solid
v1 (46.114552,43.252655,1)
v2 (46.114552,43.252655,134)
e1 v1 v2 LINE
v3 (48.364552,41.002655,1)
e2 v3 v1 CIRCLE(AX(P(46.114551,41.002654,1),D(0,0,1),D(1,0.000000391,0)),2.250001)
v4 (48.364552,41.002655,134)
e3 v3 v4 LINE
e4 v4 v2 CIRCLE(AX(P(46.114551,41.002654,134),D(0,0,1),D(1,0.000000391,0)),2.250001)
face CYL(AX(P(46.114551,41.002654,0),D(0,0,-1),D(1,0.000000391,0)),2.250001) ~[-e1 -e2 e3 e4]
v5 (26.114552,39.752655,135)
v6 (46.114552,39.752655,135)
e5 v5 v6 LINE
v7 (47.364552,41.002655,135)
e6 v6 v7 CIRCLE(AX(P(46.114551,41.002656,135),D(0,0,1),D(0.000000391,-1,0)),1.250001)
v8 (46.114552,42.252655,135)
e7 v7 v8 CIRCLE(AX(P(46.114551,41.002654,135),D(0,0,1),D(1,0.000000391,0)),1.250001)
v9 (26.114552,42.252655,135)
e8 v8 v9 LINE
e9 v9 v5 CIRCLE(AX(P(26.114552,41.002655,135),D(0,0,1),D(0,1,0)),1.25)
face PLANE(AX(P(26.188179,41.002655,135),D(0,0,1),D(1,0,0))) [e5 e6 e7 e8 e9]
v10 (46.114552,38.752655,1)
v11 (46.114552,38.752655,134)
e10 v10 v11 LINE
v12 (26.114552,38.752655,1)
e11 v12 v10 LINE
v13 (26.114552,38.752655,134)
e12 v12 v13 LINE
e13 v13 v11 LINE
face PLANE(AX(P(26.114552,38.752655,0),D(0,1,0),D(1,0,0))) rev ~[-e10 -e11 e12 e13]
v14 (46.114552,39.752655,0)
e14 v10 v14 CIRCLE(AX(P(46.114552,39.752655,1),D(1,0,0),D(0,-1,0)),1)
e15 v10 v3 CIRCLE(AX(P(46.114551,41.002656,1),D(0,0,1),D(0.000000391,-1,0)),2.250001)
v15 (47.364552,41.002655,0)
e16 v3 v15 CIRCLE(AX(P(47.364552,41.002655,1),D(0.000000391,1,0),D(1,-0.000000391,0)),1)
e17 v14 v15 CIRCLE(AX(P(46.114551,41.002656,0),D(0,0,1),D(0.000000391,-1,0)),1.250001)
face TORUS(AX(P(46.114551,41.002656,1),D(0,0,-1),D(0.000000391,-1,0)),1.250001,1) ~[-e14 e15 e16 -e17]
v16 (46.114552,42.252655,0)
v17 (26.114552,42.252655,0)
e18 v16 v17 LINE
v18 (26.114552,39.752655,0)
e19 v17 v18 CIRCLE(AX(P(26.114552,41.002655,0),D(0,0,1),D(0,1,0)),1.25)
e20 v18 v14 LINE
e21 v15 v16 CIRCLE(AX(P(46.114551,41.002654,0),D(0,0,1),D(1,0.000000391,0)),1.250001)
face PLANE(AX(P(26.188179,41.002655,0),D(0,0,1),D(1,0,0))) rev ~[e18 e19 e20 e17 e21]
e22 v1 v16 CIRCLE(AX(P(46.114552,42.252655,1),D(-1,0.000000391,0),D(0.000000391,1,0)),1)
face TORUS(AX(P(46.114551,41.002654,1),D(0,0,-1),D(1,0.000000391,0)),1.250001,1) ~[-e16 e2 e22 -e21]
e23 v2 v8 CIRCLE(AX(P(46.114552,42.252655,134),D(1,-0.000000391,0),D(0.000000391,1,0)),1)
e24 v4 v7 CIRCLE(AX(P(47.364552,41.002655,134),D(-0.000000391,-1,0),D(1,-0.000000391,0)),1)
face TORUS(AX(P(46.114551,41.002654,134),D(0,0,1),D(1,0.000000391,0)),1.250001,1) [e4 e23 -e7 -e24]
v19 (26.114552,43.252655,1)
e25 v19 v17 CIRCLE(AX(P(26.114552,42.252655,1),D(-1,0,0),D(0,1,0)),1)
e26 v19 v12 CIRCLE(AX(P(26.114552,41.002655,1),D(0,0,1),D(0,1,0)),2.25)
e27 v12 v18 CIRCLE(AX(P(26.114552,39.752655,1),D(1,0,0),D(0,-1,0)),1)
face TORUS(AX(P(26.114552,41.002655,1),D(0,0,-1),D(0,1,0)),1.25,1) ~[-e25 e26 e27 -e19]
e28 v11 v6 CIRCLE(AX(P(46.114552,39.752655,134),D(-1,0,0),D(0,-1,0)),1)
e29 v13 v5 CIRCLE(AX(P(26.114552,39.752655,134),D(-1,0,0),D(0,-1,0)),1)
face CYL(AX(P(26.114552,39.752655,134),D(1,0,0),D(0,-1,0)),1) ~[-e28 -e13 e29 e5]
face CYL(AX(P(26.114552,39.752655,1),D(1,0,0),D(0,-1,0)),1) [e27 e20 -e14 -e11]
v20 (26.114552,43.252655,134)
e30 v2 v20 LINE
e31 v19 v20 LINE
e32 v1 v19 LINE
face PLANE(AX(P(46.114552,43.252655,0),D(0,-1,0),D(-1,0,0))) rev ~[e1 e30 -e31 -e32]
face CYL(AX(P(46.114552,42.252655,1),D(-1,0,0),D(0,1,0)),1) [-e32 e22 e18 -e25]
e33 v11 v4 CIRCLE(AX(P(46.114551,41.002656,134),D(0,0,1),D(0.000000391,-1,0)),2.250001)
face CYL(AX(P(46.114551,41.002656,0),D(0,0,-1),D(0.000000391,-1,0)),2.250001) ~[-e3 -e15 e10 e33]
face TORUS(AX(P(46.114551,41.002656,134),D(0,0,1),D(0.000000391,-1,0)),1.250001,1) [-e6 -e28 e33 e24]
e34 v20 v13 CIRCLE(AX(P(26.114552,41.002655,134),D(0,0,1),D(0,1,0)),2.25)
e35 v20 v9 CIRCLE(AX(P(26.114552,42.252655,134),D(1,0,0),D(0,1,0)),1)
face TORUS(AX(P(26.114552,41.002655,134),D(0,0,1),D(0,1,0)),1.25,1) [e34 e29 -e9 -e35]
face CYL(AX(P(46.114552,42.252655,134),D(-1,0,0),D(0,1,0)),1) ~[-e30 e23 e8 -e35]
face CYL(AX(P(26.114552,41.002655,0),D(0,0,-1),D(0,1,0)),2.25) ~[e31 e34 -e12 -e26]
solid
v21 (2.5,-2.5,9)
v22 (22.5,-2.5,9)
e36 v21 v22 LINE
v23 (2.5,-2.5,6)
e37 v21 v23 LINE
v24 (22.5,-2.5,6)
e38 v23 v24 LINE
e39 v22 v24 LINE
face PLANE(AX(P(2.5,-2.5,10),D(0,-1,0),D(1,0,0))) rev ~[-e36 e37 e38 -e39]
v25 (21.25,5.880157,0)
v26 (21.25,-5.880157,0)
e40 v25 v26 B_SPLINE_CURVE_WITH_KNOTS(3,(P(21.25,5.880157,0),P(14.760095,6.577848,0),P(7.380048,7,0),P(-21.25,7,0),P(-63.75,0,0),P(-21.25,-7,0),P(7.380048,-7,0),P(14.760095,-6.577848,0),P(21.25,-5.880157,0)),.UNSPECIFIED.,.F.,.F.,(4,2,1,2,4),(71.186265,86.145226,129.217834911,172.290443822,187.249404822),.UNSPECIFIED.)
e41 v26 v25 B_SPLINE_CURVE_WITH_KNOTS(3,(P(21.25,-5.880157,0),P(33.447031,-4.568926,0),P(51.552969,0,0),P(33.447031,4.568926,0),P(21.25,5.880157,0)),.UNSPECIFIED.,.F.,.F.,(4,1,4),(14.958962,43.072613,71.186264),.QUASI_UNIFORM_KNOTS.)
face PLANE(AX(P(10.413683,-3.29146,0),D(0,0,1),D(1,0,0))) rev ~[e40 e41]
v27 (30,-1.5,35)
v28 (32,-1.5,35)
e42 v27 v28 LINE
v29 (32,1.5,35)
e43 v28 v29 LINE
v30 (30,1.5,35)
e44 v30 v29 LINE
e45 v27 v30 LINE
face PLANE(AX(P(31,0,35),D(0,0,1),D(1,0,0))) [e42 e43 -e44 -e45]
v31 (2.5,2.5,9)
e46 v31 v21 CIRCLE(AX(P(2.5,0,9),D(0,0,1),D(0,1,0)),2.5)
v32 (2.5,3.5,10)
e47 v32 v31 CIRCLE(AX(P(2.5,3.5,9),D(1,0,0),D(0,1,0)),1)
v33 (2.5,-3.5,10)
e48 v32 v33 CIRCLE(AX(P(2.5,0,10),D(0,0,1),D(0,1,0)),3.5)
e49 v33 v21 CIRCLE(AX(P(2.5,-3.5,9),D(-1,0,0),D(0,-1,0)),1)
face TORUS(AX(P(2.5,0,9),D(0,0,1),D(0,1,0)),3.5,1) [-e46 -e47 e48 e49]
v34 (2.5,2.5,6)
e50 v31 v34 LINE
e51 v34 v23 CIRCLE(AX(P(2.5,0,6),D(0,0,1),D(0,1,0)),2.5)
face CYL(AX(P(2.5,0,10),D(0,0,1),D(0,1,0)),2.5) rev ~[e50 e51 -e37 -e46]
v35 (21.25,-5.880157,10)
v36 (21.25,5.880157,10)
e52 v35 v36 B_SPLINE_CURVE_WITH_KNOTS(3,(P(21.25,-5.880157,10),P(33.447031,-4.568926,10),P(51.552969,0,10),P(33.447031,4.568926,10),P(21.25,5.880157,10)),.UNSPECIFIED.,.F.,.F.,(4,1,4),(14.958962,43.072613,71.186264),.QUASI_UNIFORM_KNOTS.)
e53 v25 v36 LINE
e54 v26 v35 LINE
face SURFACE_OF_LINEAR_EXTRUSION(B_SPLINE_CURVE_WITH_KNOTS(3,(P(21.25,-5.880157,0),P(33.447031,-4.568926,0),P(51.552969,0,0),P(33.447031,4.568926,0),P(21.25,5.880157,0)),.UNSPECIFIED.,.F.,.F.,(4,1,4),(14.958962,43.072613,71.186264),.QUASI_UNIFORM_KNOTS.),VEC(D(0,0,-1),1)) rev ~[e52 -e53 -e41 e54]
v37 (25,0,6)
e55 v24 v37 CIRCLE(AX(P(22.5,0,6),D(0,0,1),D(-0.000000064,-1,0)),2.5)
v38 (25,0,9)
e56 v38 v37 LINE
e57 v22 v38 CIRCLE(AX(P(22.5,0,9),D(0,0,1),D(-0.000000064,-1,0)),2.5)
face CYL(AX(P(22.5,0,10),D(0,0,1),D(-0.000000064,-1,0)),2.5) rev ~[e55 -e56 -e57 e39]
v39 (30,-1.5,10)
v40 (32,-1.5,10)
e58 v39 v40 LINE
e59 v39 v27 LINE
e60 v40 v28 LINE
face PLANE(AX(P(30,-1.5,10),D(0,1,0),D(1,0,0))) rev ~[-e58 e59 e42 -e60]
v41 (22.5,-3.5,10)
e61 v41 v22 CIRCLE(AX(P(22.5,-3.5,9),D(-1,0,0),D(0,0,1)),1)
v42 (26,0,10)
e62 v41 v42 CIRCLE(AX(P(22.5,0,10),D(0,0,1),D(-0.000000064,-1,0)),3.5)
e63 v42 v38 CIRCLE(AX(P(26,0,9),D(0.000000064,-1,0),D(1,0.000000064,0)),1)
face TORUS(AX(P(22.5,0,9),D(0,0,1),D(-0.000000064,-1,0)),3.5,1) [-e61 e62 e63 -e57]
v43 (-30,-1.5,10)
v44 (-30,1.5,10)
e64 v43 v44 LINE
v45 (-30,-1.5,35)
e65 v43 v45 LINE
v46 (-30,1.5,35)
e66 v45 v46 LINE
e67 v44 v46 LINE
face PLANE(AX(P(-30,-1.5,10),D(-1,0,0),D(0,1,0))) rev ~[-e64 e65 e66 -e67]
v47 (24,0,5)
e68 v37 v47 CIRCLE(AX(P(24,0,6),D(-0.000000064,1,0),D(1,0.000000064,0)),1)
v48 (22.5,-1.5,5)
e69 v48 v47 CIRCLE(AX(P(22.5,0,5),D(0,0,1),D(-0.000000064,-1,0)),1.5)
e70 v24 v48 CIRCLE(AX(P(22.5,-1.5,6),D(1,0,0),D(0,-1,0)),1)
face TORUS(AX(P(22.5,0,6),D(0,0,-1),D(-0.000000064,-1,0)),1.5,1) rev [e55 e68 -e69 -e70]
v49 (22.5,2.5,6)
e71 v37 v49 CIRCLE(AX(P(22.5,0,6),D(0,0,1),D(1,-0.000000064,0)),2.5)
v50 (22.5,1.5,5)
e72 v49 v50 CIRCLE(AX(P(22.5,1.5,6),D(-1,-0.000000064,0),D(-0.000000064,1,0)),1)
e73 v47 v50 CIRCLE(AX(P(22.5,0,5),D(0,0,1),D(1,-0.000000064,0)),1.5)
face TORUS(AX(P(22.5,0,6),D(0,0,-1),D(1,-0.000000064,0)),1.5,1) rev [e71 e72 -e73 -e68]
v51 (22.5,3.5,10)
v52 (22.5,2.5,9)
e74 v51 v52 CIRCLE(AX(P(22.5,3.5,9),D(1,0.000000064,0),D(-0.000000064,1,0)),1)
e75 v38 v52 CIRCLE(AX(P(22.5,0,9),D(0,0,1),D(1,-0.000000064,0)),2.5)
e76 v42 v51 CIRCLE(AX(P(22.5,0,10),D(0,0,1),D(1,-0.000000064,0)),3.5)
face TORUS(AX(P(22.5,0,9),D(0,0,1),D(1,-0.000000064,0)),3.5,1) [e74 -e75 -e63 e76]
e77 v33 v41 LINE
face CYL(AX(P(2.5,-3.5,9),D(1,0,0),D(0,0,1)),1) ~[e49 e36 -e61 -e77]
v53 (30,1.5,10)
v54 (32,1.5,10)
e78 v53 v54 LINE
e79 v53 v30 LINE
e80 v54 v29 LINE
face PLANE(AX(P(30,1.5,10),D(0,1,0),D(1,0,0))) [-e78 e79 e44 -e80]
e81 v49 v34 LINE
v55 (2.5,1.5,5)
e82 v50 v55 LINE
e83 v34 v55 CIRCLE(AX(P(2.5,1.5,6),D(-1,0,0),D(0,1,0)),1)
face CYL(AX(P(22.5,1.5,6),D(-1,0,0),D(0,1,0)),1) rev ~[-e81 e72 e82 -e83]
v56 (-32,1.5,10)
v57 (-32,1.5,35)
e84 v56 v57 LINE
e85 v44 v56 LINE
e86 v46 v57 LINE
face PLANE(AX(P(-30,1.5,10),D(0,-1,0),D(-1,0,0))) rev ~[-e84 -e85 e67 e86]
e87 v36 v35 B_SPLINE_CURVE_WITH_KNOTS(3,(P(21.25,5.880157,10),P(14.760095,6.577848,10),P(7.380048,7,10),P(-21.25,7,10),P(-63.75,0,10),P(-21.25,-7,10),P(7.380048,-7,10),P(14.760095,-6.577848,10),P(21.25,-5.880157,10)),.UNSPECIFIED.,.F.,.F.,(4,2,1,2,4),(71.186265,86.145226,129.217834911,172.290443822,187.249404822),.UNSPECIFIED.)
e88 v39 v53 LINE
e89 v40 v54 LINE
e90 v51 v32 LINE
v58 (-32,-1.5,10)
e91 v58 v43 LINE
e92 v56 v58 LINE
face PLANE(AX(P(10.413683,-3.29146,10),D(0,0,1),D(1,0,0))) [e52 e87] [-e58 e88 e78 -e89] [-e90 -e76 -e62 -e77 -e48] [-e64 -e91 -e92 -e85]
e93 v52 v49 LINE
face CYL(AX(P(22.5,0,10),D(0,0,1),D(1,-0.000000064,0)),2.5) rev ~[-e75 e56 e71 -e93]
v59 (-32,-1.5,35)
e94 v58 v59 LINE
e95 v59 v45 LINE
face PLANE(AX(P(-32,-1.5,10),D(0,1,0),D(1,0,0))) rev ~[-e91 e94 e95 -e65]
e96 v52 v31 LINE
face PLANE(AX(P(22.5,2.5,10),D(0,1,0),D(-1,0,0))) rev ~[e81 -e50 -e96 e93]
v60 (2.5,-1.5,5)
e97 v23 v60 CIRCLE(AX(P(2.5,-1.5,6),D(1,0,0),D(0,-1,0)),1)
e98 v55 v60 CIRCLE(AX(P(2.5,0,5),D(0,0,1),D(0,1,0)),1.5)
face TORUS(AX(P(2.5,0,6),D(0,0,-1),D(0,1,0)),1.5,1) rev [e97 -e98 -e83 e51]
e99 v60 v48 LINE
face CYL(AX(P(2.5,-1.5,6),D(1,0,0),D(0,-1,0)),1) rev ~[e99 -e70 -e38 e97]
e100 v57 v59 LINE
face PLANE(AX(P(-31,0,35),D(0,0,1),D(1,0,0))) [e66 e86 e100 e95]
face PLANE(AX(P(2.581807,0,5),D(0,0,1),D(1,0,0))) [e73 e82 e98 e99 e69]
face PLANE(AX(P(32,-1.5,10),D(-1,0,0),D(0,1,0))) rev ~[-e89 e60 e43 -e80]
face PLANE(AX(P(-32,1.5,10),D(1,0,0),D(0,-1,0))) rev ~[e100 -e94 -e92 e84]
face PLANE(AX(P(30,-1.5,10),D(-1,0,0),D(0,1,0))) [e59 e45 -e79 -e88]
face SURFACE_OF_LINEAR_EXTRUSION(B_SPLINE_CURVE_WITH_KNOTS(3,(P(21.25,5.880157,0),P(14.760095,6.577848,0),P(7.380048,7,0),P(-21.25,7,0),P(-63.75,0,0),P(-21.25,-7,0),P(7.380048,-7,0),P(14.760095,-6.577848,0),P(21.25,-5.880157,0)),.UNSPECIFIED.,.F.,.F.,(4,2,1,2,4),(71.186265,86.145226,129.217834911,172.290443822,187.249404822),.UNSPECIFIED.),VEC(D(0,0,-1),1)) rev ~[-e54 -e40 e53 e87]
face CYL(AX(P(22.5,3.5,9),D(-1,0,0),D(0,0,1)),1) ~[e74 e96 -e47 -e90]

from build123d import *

# Parameters (mm, degrees)
F1_DEPTH = 135
F2_R     = 1
F4_DEPTH = 10
F6_DEPTH = 5
F7_R     = 1
F8_W     = 2
F8_H     = 3
F9_DEPTH = 25


with BuildPart() as f1:
    # F0 (on Top) → F1 (new body)
    with BuildSketch(Plane.XY):
        with BuildLine():
            ThreePointArc((26.114552, 38.752655), (27.705542, 39.411665), (28.364552, 41.002655))
            ThreePointArc((28.364552, 41.002655), (27.705542, 42.593645), (26.114552, 43.252655))
            ThreePointArc((26.114552, 43.252655), (23.864552, 41.002655), (26.114552, 38.752655))
        make_face()
        with BuildLine():
            ThreePointArc((26.114552, 43.252655), (27.705542, 42.593645), (28.364552, 41.002655))
            ThreePointArc((28.364552, 41.002655), (27.705542, 39.411665), (26.114552, 38.752655))
            Line((26.114552, 38.752655), (46.114552, 38.752655))
            ThreePointArc((46.114552, 38.752655), (43.864552, 41.002655), (46.114552, 43.252655))
            Line((46.114552, 43.252655), (26.114552, 43.252655))
        make_face()
        with BuildLine():
            ThreePointArc((48.364552, 41.002655), (47.705542, 42.593645), (46.114552, 43.252655))
            ThreePointArc((46.114552, 43.252655), (43.864552, 41.002655), (46.114552, 38.752655))
            ThreePointArc((46.114552, 38.752655), (47.705542, 39.411665), (48.364552, 41.002655))
        make_face()
    extrude(amount=F1_DEPTH)

    # F2
    f2_edges = [f1.edges().sort_by_distance(p)[0] for p in [
        (23.864552, 41.002655, 0),
        (36.114552, 38.752655, 0),
        (48.364552, 41.002655, 0),
        (36.114552, 43.252655, 0),
        (23.864552, 41.002655, 135),
        (36.114552, 38.752655, 135),
        (48.364552, 41.002655, 135),
        (36.114552, 43.252655, 135),
    ]]
    fillet(f2_edges, radius=F2_R)


with BuildPart() as f4:
    # F3 (on Top) → F4 (new body)
    with BuildSketch(Plane.XY):
        with BuildLine():
            Line((0, 0), (0, -7))
            add(Edge.make_bspline(
                [(0, -7), (7.380048, -7), (14.760095, -6.577848), (21.25, -5.880157)],
                knots=[0, 0, 0, 0, 14.958962, 14.958962, 14.958962, 14.958962], degree=3))
            Line((21.25, -5.880157), (21.25, 0))
            Line((21.25, 0), (0, 0))
        make_face()
        with BuildLine():
            add(Edge.make_bspline(
                [(0, -7), (-21.25, -7), (-63.75, 0), (-21.25, 7), (0, 7)],
                knots=[0, 0, 0, 0, 43.072613, 86.145226, 86.145226, 86.145226, 86.145226], degree=3))
            Line((0, -7), (0, 0))
            Line((0, 0), (0, 7))
        make_face()
        with BuildLine():
            Line((21.25, 0), (21.25, -5.880157))
            add(Edge.make_bspline(
                [(21.25, -5.880157), (33.447031, -4.568926), (42.5, -2.284463), (42.5, 0)],
                knots=[14.958962, 14.958962, 14.958962, 14.958962, 43.072613, 43.072613, 43.072613, 43.072613], degree=3))
            Line((42.5, 0), (21.25, 0))
        make_face()
        with BuildLine():
            Line((0, 7), (0, 0))
            Line((0, 0), (21.25, 0))
            Line((21.25, 0), (21.25, 5.880157))
            add(Edge.make_bspline(
                [(21.25, 5.880157), (14.760095, 6.577848), (7.380048, 7), (0, 7)],
                knots=[71.186265, 71.186265, 71.186265, 71.186265, 86.145226, 86.145226, 86.145226, 86.145226], degree=3))
        make_face()
        with BuildLine():
            Line((21.25, 0), (42.5, 0))
            add(Edge.make_bspline(
                [(42.5, 0), (42.5, 2.284463), (33.447031, 4.568926), (21.25, 5.880157)],
                knots=[43.072613, 43.072613, 43.072613, 43.072613, 71.186265, 71.186265, 71.186265, 71.186265], degree=3))
            Line((21.25, 5.880157), (21.25, 0))
        make_face()
    extrude(amount=F4_DEPTH)

    # F5 (on face) → F6 (cut)
    with BuildSketch(Plane.XY.offset(10)):
        with BuildLine():
            ThreePointArc((2.5, -2.5), (4.267767, -1.767767), (5, 0))
            ThreePointArc((5, 0), (4.267767, 1.767767), (2.5, 2.5))
            ThreePointArc((2.5, 2.5), (0, 0), (2.5, -2.5))
        make_face()
        with BuildLine():
            ThreePointArc((2.5, 2.5), (4.267767, 1.767767), (5, 0))
            ThreePointArc((5, 0), (4.267767, -1.767767), (2.5, -2.5))
            Line((2.5, -2.5), (22.5, -2.5))
            ThreePointArc((22.5, -2.5), (20, 0), (22.5, 2.5))
            Line((22.5, 2.5), (2.5, 2.5))
        make_face()
        with BuildLine():
            ThreePointArc((25, 0), (24.267767, 1.767767), (22.5, 2.5))
            ThreePointArc((22.5, 2.5), (20, 0), (22.5, -2.5))
            ThreePointArc((22.5, -2.5), (24.267767, -1.767767), (25, 0))
        make_face()
    extrude(amount=-F6_DEPTH, mode=Mode.SUBTRACT)

    # F7
    f7_edges = [f4.edges().sort_by_distance(p)[0] for p in [
        (0, 0, 5),
        (12.5, -2.5, 5),
        (25, 0, 5),
        (12.5, 2.5, 5),
        (0, 0, 10),
    ]]
    fillet(f7_edges, radius=F7_R)

    # F8 (on face) → F9 (join)
    with BuildSketch(Plane.XY.offset(10)):
        Polygon((-32, 1.5), (-32, -1.5), (-30, -1.5), (-30, 0), (-30, 1.5), align=None)
        with Locations((31, 0)):
            Rectangle(F8_W, F8_H)
    extrude(amount=F9_DEPTH)


solid = Compound([f1.part, f4.part])
